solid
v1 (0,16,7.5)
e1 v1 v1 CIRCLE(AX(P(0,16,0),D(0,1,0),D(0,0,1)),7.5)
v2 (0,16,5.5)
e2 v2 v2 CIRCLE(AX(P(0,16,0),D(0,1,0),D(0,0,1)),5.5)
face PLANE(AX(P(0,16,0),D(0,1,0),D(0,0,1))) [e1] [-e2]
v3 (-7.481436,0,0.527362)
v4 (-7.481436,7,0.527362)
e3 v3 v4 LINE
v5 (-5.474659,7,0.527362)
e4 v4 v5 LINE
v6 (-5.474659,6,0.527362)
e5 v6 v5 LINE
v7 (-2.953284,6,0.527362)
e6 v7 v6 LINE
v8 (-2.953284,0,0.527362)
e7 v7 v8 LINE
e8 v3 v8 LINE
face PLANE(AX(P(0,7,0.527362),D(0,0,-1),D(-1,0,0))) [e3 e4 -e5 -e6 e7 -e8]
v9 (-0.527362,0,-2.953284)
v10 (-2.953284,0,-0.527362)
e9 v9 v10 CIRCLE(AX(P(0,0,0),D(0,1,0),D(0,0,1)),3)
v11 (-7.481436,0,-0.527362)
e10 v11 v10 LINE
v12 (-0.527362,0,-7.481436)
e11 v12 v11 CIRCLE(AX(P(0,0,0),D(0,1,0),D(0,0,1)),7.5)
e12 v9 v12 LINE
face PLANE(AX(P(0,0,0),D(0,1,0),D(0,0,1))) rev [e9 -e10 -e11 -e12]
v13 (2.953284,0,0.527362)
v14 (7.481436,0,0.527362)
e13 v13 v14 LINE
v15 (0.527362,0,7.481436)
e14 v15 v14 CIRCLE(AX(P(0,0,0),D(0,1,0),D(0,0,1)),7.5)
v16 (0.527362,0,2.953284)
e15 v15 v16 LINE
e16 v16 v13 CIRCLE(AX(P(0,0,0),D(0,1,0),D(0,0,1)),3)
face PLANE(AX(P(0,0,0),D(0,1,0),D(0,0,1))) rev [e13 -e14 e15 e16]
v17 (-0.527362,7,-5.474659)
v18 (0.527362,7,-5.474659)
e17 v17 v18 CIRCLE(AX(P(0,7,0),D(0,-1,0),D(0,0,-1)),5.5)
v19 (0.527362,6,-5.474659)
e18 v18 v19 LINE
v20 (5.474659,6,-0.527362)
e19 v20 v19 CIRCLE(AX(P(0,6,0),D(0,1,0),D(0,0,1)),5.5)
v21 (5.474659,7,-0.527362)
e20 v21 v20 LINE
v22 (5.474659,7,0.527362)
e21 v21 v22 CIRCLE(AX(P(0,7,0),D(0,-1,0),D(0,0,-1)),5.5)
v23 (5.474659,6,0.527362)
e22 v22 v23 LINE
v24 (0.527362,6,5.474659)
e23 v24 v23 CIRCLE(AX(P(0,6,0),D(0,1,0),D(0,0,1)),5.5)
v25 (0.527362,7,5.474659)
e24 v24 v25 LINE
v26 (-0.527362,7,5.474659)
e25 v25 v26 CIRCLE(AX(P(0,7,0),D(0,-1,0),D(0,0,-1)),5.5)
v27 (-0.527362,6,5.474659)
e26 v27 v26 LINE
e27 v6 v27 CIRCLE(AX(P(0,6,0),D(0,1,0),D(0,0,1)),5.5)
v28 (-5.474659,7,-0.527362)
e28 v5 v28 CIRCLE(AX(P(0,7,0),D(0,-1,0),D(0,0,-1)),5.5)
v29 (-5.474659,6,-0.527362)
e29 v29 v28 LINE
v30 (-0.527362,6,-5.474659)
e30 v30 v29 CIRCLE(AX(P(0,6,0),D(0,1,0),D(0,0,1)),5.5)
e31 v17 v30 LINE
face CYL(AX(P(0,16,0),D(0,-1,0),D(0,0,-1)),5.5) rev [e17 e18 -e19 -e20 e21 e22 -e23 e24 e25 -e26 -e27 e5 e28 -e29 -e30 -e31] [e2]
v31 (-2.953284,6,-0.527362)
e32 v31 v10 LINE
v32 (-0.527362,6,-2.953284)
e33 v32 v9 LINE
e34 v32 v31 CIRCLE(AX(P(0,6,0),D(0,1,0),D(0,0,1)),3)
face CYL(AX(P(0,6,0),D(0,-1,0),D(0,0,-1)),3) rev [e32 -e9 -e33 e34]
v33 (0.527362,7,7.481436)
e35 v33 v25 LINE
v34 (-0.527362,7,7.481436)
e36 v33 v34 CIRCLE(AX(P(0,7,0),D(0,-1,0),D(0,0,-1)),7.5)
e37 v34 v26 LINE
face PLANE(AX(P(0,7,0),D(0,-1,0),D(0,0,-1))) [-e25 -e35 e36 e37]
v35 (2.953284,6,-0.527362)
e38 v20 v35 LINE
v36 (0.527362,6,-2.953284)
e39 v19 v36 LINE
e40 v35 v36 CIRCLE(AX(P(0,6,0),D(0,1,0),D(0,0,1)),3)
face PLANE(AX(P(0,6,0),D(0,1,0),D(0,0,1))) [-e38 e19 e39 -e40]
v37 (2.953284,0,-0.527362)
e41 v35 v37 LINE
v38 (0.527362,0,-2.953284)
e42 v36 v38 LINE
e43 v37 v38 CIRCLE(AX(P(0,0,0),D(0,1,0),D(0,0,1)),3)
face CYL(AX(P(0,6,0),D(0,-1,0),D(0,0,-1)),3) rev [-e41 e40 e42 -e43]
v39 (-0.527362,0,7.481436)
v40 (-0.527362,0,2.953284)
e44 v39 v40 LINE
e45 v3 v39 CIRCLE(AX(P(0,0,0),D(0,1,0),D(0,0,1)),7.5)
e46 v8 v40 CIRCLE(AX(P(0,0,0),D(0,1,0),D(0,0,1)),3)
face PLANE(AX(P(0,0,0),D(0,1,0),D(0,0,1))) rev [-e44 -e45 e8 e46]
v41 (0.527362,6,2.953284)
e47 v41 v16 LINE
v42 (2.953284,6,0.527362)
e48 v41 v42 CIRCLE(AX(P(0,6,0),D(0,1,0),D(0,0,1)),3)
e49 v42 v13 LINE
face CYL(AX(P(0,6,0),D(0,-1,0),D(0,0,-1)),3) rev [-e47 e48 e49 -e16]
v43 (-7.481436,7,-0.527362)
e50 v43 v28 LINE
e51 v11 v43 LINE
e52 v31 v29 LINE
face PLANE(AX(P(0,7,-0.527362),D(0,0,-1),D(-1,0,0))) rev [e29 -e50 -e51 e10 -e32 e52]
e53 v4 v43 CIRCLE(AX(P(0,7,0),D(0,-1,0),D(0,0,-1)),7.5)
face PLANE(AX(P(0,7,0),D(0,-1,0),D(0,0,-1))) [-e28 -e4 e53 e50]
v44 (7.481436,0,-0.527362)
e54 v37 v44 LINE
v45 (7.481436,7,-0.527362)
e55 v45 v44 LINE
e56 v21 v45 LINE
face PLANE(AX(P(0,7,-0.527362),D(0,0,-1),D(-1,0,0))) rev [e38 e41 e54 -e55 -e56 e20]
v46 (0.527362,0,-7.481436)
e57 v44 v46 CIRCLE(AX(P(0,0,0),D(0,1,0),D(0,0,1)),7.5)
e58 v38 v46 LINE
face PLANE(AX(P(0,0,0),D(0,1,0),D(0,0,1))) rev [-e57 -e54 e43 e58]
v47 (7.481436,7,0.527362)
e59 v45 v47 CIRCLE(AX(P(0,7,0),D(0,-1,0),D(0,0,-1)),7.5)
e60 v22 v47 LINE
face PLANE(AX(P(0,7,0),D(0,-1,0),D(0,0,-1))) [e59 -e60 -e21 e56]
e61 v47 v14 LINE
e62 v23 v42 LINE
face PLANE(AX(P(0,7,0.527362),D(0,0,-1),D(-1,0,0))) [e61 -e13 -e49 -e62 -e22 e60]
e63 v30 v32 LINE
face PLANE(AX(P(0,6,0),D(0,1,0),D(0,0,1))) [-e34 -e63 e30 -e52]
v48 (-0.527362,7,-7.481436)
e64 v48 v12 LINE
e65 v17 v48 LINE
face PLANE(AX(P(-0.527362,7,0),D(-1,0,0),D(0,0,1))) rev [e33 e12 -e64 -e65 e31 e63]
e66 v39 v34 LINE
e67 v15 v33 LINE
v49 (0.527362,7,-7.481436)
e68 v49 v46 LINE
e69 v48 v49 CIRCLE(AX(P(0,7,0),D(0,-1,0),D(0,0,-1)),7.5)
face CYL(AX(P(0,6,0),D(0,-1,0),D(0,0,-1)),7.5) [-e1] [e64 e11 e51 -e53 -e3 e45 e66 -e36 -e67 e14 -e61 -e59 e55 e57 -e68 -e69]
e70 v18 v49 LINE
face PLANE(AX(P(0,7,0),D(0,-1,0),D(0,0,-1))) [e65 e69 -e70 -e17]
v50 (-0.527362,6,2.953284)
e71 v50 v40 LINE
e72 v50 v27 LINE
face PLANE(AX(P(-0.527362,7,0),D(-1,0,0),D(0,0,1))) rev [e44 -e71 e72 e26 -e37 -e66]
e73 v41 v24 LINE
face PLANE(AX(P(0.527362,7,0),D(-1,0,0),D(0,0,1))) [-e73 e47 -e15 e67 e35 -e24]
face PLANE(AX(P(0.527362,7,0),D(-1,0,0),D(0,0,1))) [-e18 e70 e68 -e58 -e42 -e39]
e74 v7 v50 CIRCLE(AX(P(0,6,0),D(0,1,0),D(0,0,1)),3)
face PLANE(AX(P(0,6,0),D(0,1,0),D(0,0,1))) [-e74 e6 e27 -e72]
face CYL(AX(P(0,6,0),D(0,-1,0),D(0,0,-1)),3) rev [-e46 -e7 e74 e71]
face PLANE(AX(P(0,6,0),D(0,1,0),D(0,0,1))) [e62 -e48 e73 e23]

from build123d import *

# Parameters (mm, degrees)
SKETCH1_R           = 7.5
SKETCH1_R_2         = 3
BOSS_EXTRUDE1_DEPTH = 6
SKETCH2_R           = 7.5
SKETCH2_R_2         = 5.5
BOSS_EXTRUDE2_DEPTH = 10
CUT_EXTRUDE1_DEPTH  = 7


with BuildPart() as part:
    # Sketch1 → Boss-Extrude1 (new body)
    with BuildSketch(Plane(origin=(0, 0, 0), x_dir=(1, 0, 0), z_dir=(0, 1, 0))):
        with Locations(Location((0, 0, 0), (0, 0, 270))):
            Circle(SKETCH1_R)
        with Locations(Location((0, 0, 0), (0, 0, 270))):
            Circle(SKETCH1_R_2, mode=Mode.SUBTRACT)
    extrude(amount=BOSS_EXTRUDE1_DEPTH)

    # Sketch2 → Boss-Extrude2 (add)
    with BuildSketch(Plane(origin=(0, 6, 0), x_dir=(1, 0, 0), z_dir=(0, 1, 0))):
        with Locations(Location((0, 0, 0), (0, 0, 270))):
            Circle(SKETCH2_R)
        with Locations(Location((0, 0, 0), (0, 0, 270))):
            Circle(SKETCH2_R_2, mode=Mode.SUBTRACT)
    extrude(amount=BOSS_EXTRUDE2_DEPTH)

    # Sketch3 → Cut-Extrude1 (cut)
    with BuildSketch(Plane.XZ):
        with BuildLine():
            Line((-0.527362107, 10.532593193), (-0.527362107, 7.481436306))
            ThreePointArc((-0.527362107, 7.481436306), (0, 7.5), (0.527362107, 7.481436306))
            Line((0.527362107, 7.481436306), (0.527362107, 10.532593193))
            Line((0.527362107, 10.532593193), (-0.527362107, 10.532593193))
        make_face()
        with BuildLine():
            Line((-7.481436306, 0.527362107), (-10.459348456, 0.527362107))
            Line((-10.459348456, 0.527362107), (-10.459348456, -0.527362107))
            Line((-10.459348456, -0.527362107), (-7.481436306, -0.527362107))
            ThreePointArc((-7.481436306, -0.527362107), (-7.5, 0), (-7.481436306, 0.527362107))
        make_face()
        with BuildLine():
            ThreePointArc((0.527362107, 7.481436306), (0, 7.5), (-0.527362107, 7.481436306))
            Line((-0.527362107, 7.481436306), (-0.527362107, 2.953284478))
            ThreePointArc((-0.527362107, 2.953284478), (0, 3), (0.527362107, 2.953284478))
            Line((0.527362107, 2.953284478), (0.527362107, 7.481436306))
        make_face()
        with BuildLine():
            Line((-0.527362107, -2.953284478), (-0.527362107, -7.481436306))
            ThreePointArc((-0.527362107, -7.481436306), (0, -7.5), (0.527362107, -7.481436306))
            Line((0.527362107, -7.481436306), (0.527362107, -2.953284478))
            ThreePointArc((0.527362107, -2.953284478), (0, -3), (-0.527362107, -2.953284478))
        make_face()
        with BuildLine():
            Line((-2.953284478, 0.527362107), (-7.481436306, 0.527362107))
            ThreePointArc((-7.481436306, 0.527362107), (-7.5, 0), (-7.481436306, -0.527362107))
            Line((-7.481436306, -0.527362107), (-2.953284478, -0.527362107))
            ThreePointArc((-2.953284478, -0.527362107), (-3, 0), (-2.953284478, 0.527362107))
        make_face()
        with BuildLine():
            ThreePointArc((7.5, 0), (7.49535764, 0.263844368), (7.481436306, 0.527362107))
            Line((7.481436306, 0.527362107), (2.953284478, 0.527362107))
            ThreePointArc((2.953284478, 0.527362107), (2.988298298, 0.264713587), (3, 0))
            ThreePointArc((3, 0), (2.988298298, -0.264713587), (2.953284478, -0.527362107))
            Line((2.953284478, -0.527362107), (7.481436306, -0.527362107))
            ThreePointArc((7.481436306, -0.527362107), (7.49535764, -0.263844368), (7.5, 0))
        make_face()
    extrude(amount=-CUT_EXTRUDE1_DEPTH, mode=Mode.SUBTRACT)


solid = part.part
